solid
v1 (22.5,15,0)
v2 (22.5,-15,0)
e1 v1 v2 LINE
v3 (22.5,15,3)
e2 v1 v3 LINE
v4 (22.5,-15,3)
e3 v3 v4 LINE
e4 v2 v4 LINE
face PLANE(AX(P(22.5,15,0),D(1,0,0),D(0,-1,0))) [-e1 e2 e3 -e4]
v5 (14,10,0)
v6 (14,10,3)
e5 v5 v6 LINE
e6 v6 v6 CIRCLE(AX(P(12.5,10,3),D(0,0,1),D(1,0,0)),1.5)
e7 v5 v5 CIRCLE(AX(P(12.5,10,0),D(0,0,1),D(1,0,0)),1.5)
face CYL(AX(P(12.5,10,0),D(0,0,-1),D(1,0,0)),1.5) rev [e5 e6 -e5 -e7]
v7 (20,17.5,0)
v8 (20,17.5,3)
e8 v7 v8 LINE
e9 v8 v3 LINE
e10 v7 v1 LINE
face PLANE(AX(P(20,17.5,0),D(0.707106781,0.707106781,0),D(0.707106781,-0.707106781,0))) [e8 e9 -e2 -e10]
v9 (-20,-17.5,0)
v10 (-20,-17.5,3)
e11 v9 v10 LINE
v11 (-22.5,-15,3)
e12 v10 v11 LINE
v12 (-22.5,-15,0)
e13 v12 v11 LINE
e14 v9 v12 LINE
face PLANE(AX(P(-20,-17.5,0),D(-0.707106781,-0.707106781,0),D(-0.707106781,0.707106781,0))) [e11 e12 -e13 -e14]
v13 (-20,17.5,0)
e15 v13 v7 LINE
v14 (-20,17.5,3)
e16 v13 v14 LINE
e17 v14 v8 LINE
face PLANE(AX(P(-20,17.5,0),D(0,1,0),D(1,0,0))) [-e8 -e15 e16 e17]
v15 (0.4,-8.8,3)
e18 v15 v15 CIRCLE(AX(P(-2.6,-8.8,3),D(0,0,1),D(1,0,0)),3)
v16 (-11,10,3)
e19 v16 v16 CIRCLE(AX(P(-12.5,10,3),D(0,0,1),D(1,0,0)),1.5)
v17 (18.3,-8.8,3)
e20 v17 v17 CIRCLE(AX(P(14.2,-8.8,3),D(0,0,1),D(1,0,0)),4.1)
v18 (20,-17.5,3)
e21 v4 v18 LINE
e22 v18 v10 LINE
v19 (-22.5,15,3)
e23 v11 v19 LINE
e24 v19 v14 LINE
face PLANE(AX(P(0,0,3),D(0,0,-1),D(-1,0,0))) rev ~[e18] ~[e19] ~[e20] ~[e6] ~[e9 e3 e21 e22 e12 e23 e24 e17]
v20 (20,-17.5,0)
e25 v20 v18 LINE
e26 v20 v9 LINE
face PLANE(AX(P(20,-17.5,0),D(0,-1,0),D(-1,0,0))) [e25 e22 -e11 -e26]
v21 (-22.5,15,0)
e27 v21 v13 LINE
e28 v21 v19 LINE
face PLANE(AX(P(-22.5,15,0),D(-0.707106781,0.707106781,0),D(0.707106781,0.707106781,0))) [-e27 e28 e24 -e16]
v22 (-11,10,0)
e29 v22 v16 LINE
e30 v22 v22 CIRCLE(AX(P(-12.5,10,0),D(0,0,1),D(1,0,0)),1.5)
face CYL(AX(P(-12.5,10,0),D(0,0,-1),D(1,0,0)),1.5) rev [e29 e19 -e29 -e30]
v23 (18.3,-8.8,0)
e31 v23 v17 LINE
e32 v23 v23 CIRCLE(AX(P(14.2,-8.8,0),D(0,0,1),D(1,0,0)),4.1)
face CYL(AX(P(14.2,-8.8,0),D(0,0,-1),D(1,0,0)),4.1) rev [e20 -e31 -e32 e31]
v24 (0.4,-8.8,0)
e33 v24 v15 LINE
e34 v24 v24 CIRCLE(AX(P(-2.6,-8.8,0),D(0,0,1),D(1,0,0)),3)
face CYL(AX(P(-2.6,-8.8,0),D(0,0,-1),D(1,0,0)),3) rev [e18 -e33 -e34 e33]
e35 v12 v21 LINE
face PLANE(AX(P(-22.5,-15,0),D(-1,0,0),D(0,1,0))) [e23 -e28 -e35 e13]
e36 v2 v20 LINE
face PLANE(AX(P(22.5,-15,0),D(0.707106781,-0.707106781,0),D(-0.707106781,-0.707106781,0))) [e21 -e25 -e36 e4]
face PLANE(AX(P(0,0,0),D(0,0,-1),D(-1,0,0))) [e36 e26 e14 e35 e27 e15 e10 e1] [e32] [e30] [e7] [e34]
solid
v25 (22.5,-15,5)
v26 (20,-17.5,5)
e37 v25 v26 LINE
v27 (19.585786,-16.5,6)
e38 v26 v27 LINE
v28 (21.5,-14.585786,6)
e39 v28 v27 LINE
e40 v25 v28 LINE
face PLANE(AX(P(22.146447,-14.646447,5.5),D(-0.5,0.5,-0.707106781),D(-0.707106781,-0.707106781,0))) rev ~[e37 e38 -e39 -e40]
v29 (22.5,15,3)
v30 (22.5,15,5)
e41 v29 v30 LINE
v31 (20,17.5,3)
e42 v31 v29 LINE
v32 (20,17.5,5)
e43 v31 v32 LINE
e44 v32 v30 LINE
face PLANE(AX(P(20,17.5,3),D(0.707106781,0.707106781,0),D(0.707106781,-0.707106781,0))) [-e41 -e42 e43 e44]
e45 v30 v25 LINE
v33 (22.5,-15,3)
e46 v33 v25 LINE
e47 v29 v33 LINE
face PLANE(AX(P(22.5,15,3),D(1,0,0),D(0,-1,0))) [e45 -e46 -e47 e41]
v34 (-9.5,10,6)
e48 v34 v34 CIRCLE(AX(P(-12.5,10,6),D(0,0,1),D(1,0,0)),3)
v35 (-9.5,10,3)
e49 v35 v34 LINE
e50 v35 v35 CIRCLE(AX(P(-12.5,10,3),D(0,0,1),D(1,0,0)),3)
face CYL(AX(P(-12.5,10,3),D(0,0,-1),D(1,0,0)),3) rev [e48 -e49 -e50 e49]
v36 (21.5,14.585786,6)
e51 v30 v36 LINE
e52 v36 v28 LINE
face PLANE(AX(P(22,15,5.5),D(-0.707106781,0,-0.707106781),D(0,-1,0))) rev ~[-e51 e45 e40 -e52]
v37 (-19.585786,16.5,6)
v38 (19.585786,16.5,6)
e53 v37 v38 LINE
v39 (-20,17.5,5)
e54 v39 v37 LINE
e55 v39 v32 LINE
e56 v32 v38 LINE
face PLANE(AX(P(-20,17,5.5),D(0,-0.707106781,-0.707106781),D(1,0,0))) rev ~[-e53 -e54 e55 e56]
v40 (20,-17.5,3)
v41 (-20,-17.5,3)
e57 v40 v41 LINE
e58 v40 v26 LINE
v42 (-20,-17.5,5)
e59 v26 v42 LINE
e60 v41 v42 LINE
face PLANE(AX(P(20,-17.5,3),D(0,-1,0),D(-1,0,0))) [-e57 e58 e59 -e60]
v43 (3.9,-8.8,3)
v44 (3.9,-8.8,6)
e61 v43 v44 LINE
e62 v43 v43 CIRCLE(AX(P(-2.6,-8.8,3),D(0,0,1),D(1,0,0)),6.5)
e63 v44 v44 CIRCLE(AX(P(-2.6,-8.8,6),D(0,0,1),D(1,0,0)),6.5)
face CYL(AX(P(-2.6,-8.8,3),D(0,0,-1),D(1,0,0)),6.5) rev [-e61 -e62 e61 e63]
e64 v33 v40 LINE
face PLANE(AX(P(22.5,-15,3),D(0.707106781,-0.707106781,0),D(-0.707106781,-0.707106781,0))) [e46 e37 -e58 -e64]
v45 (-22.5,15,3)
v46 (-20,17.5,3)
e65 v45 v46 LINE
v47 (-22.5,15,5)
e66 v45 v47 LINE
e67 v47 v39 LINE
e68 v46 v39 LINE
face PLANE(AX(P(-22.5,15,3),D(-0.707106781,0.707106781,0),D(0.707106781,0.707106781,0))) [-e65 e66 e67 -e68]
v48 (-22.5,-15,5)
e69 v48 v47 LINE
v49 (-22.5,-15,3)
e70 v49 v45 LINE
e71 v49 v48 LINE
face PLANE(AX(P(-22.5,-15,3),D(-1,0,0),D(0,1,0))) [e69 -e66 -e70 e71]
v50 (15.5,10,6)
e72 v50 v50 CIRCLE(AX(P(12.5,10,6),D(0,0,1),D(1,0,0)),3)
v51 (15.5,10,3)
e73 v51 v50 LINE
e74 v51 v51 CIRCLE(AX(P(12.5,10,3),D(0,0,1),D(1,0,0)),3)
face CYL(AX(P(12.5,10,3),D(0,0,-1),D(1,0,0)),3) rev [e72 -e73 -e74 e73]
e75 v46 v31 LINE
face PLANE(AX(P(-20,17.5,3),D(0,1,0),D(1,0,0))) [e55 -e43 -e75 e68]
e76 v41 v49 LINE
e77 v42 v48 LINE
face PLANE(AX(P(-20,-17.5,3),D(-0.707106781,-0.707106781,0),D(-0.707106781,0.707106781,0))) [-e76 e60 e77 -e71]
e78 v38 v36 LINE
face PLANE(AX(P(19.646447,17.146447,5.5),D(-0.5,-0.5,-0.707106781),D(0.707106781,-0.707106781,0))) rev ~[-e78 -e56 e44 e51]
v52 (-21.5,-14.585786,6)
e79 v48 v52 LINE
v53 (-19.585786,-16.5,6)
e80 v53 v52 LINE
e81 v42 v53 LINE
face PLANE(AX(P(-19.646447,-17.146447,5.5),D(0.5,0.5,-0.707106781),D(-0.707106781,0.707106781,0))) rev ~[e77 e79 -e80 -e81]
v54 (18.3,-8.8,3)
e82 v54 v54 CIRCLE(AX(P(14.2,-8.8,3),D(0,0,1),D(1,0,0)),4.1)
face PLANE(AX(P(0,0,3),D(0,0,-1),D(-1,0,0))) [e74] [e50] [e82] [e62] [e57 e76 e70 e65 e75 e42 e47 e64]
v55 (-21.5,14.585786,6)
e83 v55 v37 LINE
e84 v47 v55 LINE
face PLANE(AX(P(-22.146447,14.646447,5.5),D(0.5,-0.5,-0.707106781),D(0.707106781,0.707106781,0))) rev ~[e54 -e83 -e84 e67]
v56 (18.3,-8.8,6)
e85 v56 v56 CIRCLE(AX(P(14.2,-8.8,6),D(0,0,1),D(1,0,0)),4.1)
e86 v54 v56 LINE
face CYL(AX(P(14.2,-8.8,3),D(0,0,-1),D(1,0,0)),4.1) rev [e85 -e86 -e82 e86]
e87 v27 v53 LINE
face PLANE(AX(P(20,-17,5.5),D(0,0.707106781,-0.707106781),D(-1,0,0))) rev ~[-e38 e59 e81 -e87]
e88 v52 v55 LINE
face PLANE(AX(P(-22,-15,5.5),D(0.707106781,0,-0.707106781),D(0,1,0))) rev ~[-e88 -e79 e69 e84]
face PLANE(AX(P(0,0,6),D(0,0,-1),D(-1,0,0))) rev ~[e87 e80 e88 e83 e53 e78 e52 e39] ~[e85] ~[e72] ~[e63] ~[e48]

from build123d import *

# Parameters (mm, degrees)
SKETCH_R      = 4.1
SKETCH_R_2    = 3
SKETCH_R_3    = 1.5
PAD_DEPTH     = 3
SKETCH001_R   = 4.1
SKETCH001_R_2 = 6.5
SKETCH001_R_3 = 3
PAD001_DEPTH  = 3
CHAMFER_SIZE  = 1


with BuildPart() as base_pad:
    # Sketch → Pad (new body)
    with BuildSketch(Plane.XY):
        Polygon((-20, 17.5), (20, 17.5), (22.5, 15), (22.5, -15), (20, -17.5), (-20, -17.5), (-22.5, -15), (-22.5, 15), align=None)
        with Locations((14.2, -8.8)):
            Circle(SKETCH_R, mode=Mode.SUBTRACT)
        with Locations((-2.6, -8.8)):
            Circle(SKETCH_R_2, mode=Mode.SUBTRACT)
        with Locations((12.5, 10)):
            Circle(SKETCH_R_3, mode=Mode.SUBTRACT)
        with Locations((-12.5, 10)):
            Circle(SKETCH_R_3, mode=Mode.SUBTRACT)
    extrude(amount=PAD_DEPTH)


with BuildPart() as chamfer_body:
    # Sketch001 → Pad001 (new body)
    with BuildSketch(Plane.XY.offset(3)):
        Polygon((-20, 17.5), (20, 17.5), (22.5, 15), (22.5, -15), (20, -17.5), (-20, -17.5), (-22.5, -15), (-22.5, 15), align=None)
        with Locations((14.2, -8.8)):
            Circle(SKETCH001_R, mode=Mode.SUBTRACT)
        with Locations((-2.6, -8.8)):
            Circle(SKETCH001_R_2, mode=Mode.SUBTRACT)
        with Locations((12.5, 10)):
            Circle(SKETCH001_R_3, mode=Mode.SUBTRACT)
        with Locations((-12.5, 10)):
            Circle(SKETCH001_R_3, mode=Mode.SUBTRACT)
    extrude(amount=PAD001_DEPTH)

    # Chamfer
    chamfer_edges = [chamfer_body.edges().sort_by_distance(p)[0] for p in [
        (0, -17.5, 6),
        (21.25, -16.25, 6),
        (22.5, 0, 6),
        (0, 17.5, 6),
        (21.25, 16.25, 6),
        (-21.25, 16.25, 6),
        (-22.5, 0, 6),
        (-21.25, -16.25, 6),
    ]]
    chamfer(chamfer_edges, length=CHAMFER_SIZE)


solid = Compound([base_pad.part, chamfer_body.part])
